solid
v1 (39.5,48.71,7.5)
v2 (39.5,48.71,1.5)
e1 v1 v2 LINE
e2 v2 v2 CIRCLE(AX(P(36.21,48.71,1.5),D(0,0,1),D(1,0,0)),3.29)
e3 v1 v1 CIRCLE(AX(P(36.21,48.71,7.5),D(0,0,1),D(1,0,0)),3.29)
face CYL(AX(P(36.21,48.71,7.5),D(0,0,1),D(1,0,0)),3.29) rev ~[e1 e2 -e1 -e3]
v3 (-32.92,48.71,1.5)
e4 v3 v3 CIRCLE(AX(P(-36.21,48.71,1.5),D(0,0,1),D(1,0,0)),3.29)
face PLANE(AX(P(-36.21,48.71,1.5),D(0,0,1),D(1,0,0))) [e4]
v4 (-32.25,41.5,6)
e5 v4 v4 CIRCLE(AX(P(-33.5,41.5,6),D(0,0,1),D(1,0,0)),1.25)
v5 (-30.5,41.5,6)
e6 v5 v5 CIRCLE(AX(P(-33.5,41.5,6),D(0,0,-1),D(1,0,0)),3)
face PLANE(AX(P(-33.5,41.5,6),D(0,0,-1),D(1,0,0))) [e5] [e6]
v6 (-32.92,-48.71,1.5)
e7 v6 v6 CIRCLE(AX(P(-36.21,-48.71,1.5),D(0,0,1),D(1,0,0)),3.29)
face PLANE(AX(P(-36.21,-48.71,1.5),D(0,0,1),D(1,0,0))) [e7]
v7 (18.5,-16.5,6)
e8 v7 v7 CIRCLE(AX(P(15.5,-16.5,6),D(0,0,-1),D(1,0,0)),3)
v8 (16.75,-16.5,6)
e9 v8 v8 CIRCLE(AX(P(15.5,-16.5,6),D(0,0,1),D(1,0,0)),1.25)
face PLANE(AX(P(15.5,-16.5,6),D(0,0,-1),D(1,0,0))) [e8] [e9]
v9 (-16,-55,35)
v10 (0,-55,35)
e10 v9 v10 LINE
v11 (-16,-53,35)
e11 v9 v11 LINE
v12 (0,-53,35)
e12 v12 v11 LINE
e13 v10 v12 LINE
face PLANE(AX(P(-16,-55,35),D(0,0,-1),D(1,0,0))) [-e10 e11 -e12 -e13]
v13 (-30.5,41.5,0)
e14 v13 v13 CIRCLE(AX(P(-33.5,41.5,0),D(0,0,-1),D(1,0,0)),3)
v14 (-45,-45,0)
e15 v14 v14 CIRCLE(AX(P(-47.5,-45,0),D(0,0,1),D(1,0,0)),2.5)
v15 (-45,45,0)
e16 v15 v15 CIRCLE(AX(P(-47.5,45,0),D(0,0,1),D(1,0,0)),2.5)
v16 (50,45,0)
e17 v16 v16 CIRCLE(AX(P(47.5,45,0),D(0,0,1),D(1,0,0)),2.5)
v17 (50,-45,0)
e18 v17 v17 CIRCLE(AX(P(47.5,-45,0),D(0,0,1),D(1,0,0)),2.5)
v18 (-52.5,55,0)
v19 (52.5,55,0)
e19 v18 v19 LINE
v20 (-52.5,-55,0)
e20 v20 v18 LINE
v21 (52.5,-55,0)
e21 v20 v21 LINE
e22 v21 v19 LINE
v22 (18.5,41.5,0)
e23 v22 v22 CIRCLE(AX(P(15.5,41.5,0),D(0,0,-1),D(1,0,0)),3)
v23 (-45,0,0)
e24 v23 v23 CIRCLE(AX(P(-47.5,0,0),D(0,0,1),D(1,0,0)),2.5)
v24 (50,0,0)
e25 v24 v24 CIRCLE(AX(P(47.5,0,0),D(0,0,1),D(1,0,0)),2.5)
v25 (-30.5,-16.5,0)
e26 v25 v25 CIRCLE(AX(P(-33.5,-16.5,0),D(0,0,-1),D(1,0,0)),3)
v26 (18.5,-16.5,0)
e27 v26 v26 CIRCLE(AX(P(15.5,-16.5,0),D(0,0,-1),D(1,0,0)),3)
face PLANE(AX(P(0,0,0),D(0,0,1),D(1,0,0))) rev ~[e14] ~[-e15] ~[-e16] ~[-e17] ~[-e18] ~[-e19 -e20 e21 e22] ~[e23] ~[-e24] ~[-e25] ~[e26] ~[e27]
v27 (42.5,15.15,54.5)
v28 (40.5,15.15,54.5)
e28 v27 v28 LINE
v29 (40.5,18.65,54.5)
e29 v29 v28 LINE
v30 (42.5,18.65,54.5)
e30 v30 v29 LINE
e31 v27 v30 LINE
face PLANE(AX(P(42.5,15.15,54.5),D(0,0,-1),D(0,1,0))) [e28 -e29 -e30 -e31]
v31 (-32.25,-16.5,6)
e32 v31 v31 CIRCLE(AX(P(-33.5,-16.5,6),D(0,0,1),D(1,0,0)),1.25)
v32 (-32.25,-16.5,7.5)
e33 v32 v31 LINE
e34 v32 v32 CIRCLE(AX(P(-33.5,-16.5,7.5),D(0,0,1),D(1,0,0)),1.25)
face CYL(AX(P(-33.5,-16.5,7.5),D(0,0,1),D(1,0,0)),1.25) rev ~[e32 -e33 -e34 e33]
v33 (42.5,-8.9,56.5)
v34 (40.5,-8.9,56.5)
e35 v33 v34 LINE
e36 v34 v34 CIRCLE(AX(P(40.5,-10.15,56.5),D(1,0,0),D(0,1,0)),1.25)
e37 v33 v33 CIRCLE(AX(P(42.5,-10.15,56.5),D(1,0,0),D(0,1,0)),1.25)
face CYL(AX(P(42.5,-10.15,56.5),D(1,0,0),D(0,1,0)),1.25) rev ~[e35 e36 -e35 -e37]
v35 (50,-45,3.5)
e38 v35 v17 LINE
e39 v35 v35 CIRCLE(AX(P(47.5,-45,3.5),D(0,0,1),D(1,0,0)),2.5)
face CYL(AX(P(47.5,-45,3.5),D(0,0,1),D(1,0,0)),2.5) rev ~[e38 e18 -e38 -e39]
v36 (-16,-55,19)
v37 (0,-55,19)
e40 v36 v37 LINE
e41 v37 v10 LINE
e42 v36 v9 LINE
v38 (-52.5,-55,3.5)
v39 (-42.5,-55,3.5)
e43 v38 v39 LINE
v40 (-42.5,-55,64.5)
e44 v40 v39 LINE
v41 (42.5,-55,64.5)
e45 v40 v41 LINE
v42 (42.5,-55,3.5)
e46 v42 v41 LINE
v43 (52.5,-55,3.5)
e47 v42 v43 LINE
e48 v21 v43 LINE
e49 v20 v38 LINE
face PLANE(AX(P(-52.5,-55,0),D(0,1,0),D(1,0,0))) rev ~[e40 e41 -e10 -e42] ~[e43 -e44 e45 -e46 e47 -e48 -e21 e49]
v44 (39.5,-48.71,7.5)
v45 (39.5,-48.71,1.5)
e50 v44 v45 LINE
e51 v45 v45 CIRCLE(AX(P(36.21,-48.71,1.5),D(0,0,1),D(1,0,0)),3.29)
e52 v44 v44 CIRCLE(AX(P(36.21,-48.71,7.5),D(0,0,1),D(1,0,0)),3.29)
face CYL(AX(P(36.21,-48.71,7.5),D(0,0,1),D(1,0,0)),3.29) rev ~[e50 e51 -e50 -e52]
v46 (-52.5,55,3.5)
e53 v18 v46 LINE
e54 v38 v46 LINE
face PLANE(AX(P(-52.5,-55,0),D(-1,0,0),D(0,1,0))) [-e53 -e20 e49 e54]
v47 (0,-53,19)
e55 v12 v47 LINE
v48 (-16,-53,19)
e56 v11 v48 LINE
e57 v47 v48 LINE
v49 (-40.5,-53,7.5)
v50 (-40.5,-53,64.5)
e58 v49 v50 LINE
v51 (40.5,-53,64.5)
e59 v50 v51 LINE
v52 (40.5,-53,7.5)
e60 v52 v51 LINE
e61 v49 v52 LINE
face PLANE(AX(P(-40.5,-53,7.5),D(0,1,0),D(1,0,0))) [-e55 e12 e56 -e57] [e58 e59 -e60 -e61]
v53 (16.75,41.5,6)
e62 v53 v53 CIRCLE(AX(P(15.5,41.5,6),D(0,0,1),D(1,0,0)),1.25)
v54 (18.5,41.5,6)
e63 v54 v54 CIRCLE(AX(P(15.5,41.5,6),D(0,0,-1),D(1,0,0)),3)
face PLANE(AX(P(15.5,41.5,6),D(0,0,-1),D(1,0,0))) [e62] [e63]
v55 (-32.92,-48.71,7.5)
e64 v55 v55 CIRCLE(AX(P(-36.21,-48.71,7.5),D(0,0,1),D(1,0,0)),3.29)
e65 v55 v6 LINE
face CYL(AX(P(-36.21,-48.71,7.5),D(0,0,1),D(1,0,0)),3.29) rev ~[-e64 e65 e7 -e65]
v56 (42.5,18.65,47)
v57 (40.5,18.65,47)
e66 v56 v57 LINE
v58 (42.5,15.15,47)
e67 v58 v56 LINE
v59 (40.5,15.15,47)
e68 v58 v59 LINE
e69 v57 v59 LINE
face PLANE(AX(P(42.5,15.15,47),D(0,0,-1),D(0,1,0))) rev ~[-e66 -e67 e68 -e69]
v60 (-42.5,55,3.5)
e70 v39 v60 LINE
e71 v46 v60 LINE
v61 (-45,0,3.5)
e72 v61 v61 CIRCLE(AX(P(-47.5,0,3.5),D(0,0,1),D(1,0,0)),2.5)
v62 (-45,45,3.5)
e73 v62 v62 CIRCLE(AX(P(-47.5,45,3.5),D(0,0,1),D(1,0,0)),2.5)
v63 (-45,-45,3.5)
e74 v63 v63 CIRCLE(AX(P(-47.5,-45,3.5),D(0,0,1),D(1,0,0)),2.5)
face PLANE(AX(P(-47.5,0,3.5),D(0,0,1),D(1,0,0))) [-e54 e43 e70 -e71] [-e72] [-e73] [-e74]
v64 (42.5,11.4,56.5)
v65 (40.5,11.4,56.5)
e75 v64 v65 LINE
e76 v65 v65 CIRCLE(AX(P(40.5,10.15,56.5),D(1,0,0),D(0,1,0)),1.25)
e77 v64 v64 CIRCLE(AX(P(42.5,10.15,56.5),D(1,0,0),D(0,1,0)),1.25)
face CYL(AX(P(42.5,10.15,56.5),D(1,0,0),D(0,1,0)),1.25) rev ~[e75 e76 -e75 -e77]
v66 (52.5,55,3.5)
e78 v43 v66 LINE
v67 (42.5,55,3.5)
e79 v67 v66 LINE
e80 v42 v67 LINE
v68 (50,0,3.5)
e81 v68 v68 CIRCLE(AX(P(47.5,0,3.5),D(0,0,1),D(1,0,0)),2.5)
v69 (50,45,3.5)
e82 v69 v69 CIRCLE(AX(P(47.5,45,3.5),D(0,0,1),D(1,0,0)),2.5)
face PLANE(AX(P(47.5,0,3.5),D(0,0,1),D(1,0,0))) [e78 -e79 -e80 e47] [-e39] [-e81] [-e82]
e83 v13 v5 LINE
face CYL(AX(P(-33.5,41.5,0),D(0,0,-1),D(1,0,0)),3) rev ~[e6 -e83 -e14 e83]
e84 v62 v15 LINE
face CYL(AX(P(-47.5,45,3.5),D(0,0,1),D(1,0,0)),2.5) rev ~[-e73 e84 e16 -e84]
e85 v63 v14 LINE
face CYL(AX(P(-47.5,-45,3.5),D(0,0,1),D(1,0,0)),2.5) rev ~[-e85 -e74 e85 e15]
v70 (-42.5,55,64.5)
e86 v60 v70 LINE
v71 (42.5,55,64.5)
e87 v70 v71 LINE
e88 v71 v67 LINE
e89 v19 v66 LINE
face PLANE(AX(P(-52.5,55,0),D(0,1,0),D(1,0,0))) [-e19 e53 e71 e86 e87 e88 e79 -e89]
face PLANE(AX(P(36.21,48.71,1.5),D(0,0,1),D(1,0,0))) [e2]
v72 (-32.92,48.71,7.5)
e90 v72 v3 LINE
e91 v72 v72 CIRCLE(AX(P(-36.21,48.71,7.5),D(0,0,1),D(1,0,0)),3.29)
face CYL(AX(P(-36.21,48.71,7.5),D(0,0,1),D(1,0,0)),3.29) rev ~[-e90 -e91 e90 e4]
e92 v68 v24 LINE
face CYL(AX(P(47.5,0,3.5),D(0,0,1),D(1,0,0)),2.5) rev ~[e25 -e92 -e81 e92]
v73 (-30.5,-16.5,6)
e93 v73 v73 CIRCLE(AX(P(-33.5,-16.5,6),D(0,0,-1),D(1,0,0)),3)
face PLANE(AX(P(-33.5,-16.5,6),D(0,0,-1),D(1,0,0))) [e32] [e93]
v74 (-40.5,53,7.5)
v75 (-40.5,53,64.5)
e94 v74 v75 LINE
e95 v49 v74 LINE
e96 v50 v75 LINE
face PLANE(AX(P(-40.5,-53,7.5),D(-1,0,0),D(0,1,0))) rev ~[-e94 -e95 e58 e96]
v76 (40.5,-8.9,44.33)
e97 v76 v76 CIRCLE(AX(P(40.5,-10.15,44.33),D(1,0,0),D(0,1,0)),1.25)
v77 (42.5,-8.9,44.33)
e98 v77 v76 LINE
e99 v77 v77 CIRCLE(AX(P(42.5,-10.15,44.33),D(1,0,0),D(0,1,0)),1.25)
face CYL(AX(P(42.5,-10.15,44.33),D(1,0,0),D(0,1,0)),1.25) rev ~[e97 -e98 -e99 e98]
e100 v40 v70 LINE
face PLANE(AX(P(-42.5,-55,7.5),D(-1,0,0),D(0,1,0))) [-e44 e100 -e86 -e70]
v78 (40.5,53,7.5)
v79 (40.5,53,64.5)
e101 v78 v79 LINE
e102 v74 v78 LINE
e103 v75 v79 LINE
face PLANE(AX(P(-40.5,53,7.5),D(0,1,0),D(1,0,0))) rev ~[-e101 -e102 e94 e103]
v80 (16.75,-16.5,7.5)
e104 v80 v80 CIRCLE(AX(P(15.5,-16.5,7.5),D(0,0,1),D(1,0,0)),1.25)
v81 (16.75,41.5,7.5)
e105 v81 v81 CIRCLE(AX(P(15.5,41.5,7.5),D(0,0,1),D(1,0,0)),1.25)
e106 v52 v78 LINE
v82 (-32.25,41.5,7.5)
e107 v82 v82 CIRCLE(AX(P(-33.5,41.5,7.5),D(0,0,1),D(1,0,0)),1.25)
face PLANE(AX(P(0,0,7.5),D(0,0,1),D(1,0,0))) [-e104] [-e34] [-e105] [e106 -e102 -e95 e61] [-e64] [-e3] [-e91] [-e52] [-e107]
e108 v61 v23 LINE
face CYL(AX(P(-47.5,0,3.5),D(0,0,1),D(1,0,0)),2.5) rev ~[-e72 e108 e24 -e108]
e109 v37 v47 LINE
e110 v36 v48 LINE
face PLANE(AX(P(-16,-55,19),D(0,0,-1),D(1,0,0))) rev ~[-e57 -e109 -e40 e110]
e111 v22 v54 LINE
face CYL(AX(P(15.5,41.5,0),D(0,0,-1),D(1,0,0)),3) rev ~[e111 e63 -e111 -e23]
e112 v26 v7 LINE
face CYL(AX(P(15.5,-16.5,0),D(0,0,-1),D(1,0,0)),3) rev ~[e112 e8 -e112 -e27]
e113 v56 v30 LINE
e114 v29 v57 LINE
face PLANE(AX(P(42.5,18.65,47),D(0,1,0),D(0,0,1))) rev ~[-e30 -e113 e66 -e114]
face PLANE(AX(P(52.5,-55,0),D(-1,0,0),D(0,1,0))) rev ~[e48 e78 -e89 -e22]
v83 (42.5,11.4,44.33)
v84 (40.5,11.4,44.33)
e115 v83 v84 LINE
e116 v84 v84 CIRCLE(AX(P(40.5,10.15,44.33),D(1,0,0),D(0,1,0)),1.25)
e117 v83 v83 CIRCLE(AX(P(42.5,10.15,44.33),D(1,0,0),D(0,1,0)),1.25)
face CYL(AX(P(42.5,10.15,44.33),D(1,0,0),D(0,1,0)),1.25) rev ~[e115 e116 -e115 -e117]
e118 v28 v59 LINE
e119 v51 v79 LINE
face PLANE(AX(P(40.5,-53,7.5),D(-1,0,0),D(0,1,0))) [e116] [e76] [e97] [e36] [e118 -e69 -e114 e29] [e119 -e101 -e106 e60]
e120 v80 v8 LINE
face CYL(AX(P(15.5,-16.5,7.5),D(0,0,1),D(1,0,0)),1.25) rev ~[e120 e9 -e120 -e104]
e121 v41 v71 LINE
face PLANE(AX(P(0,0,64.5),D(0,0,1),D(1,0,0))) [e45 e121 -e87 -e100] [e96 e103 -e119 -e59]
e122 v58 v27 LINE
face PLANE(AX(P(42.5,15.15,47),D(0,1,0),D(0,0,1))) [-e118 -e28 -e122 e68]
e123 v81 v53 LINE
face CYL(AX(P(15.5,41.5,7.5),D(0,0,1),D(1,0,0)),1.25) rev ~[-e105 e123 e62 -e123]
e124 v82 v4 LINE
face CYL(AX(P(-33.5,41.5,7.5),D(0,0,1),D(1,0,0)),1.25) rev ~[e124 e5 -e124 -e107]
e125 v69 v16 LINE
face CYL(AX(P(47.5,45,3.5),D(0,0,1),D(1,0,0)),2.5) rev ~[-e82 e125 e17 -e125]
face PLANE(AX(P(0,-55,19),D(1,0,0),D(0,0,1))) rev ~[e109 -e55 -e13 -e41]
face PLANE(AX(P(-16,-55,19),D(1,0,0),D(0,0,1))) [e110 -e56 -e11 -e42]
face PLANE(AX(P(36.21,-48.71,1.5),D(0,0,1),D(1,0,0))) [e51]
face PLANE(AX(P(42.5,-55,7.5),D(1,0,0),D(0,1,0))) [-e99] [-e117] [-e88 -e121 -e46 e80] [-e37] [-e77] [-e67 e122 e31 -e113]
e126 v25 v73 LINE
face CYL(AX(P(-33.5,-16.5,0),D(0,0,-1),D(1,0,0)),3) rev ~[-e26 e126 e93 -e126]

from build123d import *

# Parameters (mm, degrees)
SKETCH_W        = 105
SKETCH_H        = 110
PAD_DEPTH       = 7.5
SKETCH001_R     = 1.25
POCKET_DEPTH    = 8
SKETCH002_R     = 3
POCKET001_DEPTH = 6
SKETCH003_W     = 85
SKETCH003_H     = 110
SKETCH003_W_2   = 81
SKETCH003_H_2   = 106
PAD001_DEPTH    = 57
SKETCH004_R     = 3.29
POCKET002_DEPTH = 6
SKETCH005_W     = 10
SKETCH005_H     = 110
POCKET003_DEPTH = 4
SKETCH006_W     = 10
SKETCH006_H     = 110
POCKET004_DEPTH = 4
SKETCH007_R     = 2.5
POCKET005_DEPTH = 5
SKETCH008_W     = 16
SKETCH008_H     = 16
POCKET006_DEPTH = 5
SKETCH009_R     = 1.25
SKETCH009_W     = 3.5
SKETCH009_H     = 7.5
POCKET007_DEPTH = 5


with BuildPart() as part:
    # Sketch → Pad (new body)
    with BuildSketch(Plane.XY):
        Rectangle(SKETCH_W, SKETCH_H)
    extrude(amount=PAD_DEPTH)

    # Sketch001 (on Face6 of Pad) → Pocket (cut)
    with BuildSketch(Plane.XY.offset(7.5)):
        with Locations((-33.5, 41.5)):
            Circle(SKETCH001_R)
        with Locations((15.5, 41.5)):
            Circle(SKETCH001_R)
        with Locations((-33.5, -16.5)):
            Circle(SKETCH001_R)
        with Locations((15.5, -16.5)):
            Circle(SKETCH001_R)
    extrude(amount=-POCKET_DEPTH, mode=Mode.SUBTRACT)

    # Sketch002 (on Face4 of Pocket) → Pocket001 (cut)
    with BuildSketch(Plane(origin=(0, 0, 0), x_dir=(1, 0, 0), z_dir=(0, 0, -1))):
        with Locations((-33.5, 16.5)):
            Circle(SKETCH002_R)
        with Locations((15.5, 16.5)):
            Circle(SKETCH002_R)
        with Locations((-33.5, -41.5)):
            Circle(SKETCH002_R)
        with Locations((15.5, -41.5)):
            Circle(SKETCH002_R)
    extrude(amount=-POCKET001_DEPTH, mode=Mode.SUBTRACT)

    # Sketch003 (on Face5 of Pocket001) → Pad001 (join)
    with BuildSketch(Plane.XY.offset(7.5)):
        Rectangle(SKETCH003_W, SKETCH003_H)
        Rectangle(SKETCH003_W_2, SKETCH003_H_2, mode=Mode.SUBTRACT)
    extrude(amount=PAD001_DEPTH)

    # Sketch004 (on Face29 of Pad001) → Pocket002 (cut)
    with BuildSketch(Plane.XY.offset(7.5)):
        with Locations((-36.21, 48.71)):
            Circle(SKETCH004_R)
        with Locations((36.21, 48.71)):
            Circle(SKETCH004_R)
        with Locations((-36.21, -48.71)):
            Circle(SKETCH004_R)
        with Locations((36.21, -48.71)):
            Circle(SKETCH004_R)
    extrude(amount=-POCKET002_DEPTH, mode=Mode.SUBTRACT)

    # Sketch005 (on Face5 of Pocket002) → Pocket003 (cut)
    with BuildSketch(Plane.XY.offset(7.5)):
        with Locations((-47.5, 0)):
            Rectangle(SKETCH005_W, SKETCH005_H)
    extrude(amount=-POCKET003_DEPTH, mode=Mode.SUBTRACT)

    # Sketch006 (on Face4 of Pocket003) → Pocket004 (cut)
    with BuildSketch(Plane.XY.offset(7.5)):
        with Locations((47.5, 0)):
            Rectangle(SKETCH006_W, SKETCH006_H)
    extrude(amount=-POCKET004_DEPTH, mode=Mode.SUBTRACT)

    # Sketch007 (on Face8 of Pocket004) → Pocket005 (cut)
    with BuildSketch(Plane.XY.offset(3.5)):
        with Locations((-47.5, 45)):
            Circle(SKETCH007_R)
        with Locations((-47.5, 0)):
            Circle(SKETCH007_R)
        with Locations((-47.5, -45)):
            Circle(SKETCH007_R)
        with Locations((47.5, 45)):
            Circle(SKETCH007_R)
        with Locations((47.5, 0)):
            Circle(SKETCH007_R)
        with Locations((47.5, -45)):
            Circle(SKETCH007_R)
    extrude(amount=-POCKET005_DEPTH, mode=Mode.SUBTRACT)

    # Sketch008 (on Face24 of Pocket005) → Pocket006 (cut)
    with BuildSketch(Plane.XZ.offset(55)):
        with Locations((-8, 27)):
            Rectangle(SKETCH008_W, SKETCH008_H)
    extrude(amount=-POCKET006_DEPTH, mode=Mode.SUBTRACT)

    # Sketch009 (on Face21 of Pocket006) → Pocket007 (cut)
    with BuildSketch(Plane.YZ.offset(42.5)):
        with Locations((-10.15, 56.5)):
            Circle(SKETCH009_R)
        with Locations((10.15, 56.5)):
            Circle(SKETCH009_R)
        with Locations((-10.15, 44.33)):
            Circle(SKETCH009_R)
        with Locations((10.15, 44.33)):
            Circle(SKETCH009_R)
        with Locations((16.9, 50.75)):
            Rectangle(SKETCH009_W, SKETCH009_H)
    extrude(amount=-POCKET007_DEPTH, mode=Mode.SUBTRACT)


solid = part.part
